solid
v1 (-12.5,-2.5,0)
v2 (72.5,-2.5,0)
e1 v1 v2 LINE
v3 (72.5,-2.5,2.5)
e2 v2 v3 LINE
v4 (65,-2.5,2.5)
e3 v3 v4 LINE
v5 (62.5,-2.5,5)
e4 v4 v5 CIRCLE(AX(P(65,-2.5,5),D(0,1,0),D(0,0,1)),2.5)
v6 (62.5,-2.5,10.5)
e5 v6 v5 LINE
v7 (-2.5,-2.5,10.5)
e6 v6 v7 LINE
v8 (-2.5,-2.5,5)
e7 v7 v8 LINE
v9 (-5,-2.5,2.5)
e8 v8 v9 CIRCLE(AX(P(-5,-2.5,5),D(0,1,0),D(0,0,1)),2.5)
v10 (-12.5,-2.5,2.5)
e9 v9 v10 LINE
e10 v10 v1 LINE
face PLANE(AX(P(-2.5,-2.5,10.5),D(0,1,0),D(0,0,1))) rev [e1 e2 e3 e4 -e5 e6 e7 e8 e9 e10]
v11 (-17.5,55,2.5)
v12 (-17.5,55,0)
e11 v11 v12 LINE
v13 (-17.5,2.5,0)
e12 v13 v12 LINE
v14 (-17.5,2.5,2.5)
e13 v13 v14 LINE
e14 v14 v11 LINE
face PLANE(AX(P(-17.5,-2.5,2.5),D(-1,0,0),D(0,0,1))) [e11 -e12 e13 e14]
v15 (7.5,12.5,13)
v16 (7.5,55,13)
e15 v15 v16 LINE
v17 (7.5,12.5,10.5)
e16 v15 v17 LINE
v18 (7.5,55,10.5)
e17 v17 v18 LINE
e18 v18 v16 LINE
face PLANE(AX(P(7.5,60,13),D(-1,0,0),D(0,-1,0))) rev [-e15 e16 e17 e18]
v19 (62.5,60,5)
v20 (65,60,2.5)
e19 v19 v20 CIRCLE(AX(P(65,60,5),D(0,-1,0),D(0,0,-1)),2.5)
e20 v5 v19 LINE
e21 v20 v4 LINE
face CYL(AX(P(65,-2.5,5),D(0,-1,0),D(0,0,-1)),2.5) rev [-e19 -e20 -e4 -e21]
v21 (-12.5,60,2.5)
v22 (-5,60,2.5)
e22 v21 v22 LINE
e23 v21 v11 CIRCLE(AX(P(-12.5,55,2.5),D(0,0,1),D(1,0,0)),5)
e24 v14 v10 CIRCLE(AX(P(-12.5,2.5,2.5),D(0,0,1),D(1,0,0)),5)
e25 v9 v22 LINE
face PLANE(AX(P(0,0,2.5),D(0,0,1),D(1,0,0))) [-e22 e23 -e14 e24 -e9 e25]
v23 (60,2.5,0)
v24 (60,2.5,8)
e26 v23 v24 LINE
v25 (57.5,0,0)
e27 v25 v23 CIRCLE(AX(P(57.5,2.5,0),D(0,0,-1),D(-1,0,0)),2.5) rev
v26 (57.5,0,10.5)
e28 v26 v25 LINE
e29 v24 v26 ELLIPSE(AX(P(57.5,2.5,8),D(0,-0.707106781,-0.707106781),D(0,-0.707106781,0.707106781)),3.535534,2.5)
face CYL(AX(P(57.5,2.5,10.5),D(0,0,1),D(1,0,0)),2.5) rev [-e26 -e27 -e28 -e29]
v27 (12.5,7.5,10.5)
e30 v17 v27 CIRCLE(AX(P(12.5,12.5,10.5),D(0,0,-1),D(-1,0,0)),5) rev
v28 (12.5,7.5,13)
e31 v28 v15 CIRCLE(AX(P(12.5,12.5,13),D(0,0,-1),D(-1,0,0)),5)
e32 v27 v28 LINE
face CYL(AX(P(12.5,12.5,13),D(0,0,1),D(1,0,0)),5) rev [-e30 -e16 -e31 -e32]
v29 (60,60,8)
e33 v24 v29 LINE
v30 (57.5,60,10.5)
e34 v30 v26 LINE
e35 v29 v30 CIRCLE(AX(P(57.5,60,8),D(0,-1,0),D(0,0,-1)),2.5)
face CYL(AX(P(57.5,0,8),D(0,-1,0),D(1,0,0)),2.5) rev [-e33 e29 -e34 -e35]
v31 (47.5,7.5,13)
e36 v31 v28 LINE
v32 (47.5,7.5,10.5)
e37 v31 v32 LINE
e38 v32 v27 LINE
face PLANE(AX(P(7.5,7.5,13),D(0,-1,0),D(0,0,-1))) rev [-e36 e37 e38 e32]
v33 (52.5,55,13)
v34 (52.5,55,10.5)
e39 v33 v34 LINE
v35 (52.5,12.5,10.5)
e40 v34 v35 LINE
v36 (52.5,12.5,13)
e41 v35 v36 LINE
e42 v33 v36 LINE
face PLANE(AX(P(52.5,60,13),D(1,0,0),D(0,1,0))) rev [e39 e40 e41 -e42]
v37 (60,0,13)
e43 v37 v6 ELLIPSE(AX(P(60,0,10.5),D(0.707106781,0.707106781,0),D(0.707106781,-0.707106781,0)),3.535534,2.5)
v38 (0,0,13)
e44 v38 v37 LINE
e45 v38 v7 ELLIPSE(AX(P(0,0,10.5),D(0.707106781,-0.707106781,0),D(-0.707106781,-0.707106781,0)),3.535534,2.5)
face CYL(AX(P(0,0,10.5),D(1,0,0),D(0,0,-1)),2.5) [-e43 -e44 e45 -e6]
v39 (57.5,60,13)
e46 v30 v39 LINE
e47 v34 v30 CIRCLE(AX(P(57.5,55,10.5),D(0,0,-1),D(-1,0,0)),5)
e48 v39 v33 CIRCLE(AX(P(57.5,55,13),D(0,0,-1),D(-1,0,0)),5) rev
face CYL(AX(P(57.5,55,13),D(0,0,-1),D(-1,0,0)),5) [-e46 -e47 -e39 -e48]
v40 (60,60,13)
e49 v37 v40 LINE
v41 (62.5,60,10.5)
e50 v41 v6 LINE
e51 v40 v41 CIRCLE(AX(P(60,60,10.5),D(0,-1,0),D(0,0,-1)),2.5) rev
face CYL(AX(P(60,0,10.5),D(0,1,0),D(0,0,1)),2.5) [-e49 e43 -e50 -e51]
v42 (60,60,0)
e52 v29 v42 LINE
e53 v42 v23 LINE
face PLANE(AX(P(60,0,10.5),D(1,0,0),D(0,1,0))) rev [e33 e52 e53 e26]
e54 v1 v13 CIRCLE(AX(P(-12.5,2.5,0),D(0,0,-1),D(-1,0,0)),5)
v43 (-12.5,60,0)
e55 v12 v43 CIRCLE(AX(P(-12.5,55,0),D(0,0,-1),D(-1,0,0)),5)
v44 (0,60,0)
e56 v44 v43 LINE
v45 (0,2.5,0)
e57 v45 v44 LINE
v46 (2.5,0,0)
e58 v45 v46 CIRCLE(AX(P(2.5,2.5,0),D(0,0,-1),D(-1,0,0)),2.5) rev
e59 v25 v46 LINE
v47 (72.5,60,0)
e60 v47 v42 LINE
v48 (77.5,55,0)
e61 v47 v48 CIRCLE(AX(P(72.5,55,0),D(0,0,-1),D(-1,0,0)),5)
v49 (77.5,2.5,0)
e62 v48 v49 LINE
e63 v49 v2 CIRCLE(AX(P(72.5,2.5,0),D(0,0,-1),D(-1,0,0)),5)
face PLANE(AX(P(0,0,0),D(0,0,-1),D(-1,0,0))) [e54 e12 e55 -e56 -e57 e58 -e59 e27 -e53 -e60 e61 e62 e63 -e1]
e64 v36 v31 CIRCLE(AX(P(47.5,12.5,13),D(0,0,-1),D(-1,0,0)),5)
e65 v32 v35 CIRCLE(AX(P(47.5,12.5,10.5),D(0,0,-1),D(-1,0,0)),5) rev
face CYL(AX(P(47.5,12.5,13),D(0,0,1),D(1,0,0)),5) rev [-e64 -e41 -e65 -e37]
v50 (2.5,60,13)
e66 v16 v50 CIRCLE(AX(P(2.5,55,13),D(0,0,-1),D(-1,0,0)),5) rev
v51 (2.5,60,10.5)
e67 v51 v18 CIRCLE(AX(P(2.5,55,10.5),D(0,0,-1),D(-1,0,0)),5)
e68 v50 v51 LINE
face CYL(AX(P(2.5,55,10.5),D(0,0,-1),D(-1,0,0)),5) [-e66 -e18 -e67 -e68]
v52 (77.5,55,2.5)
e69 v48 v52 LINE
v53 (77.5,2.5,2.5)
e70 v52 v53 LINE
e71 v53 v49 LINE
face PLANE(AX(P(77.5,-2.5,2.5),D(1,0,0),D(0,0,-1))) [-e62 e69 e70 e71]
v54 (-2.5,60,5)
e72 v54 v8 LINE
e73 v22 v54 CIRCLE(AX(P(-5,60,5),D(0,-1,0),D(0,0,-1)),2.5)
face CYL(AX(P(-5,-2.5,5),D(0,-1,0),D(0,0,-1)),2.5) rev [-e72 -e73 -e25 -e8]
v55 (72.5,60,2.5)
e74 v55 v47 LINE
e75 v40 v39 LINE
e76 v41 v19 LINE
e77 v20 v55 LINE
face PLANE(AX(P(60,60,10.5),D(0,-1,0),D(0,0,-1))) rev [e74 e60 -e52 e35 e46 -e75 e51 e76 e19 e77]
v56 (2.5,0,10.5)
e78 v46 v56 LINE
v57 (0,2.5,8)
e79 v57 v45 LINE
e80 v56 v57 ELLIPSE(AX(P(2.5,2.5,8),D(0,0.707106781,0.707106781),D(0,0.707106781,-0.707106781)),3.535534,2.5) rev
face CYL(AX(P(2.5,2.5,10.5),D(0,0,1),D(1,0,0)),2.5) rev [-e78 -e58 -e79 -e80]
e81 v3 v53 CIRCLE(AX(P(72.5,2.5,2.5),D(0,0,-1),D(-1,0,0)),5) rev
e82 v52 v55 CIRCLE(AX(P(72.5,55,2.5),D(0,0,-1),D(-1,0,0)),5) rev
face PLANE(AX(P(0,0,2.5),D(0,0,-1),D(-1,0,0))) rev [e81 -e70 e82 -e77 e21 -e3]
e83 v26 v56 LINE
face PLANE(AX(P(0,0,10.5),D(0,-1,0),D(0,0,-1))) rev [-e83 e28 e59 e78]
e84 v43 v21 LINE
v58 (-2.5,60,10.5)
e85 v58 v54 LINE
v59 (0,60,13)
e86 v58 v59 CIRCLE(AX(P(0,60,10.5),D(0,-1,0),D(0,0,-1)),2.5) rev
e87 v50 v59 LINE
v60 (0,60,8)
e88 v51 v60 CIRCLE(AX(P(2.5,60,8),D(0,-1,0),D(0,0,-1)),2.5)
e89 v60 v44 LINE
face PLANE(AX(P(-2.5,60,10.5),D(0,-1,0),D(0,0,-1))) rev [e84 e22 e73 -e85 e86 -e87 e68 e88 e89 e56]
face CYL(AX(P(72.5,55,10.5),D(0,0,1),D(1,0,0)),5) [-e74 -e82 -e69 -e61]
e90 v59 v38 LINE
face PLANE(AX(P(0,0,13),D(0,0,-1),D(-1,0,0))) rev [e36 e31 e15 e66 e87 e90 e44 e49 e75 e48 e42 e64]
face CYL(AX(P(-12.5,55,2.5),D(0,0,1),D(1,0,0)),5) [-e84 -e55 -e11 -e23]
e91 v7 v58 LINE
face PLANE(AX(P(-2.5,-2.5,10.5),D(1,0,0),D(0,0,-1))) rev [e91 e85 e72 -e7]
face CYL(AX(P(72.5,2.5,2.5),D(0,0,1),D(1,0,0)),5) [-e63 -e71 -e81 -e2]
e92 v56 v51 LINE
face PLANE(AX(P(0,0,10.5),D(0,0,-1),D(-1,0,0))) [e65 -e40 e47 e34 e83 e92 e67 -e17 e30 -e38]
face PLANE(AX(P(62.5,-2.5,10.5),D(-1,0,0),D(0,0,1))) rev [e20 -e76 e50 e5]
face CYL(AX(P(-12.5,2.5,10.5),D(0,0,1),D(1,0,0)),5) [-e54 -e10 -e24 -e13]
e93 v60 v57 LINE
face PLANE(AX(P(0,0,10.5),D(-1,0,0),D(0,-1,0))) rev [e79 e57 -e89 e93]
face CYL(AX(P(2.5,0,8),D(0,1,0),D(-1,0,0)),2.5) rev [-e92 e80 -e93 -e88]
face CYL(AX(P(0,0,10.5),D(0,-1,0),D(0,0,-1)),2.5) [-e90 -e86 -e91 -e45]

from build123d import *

# Parameters (mm, degrees)
BOSS_EXTRUDE1_DEPTH = 10.5
BOSS_EXTRUDE2_DEPTH = 2.5
SKETCH3_W           = 15
SKETCH3_H           = 62.5
BOSS_EXTRUDE3_DEPTH = 2.5
FILLET1_R           = 2.5
FILLET2_R           = 5


with BuildPart() as part:
    # Sketch1 → Boss-Extrude1 (new body)
    with BuildSketch(Plane.XY):
        Polygon((60, 60), (62.5, 60), (62.5, -2.5), (-2.5, -2.5), (-2.5, 60), (0, 60), (0, 0), (60, 0), align=None)
    extrude(amount=BOSS_EXTRUDE1_DEPTH)

    # Sketch2 → Boss-Extrude2 (add)
    with BuildSketch(Plane.XY.offset(10.5)):
        Polygon((52.5, 60), (62.5, 60), (62.5, -2.5), (-2.5, -2.5), (-2.5, 60), (7.5, 60), (7.5, 7.5), (52.5, 7.5), align=None)
    extrude(amount=BOSS_EXTRUDE2_DEPTH)

    # Sketch3 → Boss-Extrude3 (add)
    with BuildSketch(Plane(origin=(0, 0, 0), x_dir=(-1, 0, 0), z_dir=(0, 0, -1))):
        with Locations((-70, 28.75)):
            Rectangle(SKETCH3_W, SKETCH3_H)
        with Locations((10, 28.75)):
            Rectangle(SKETCH3_W, SKETCH3_H)
    extrude(amount=-BOSS_EXTRUDE3_DEPTH)

    # Fillet1
    fillet1_edges = [part.edges().sort_by_distance(p)[0] for p in [
        (0, 0, 5.25),
        (60, 0, 5.25),
        (60, 30, 10.5),
        (-2.5, 28.75, 13),
        (30, -2.5, 13),
        (62.5, 28.75, 13),
        (0, 30, 10.5),
        (62.5, 28.75, 2.5),
        (-2.5, 28.75, 2.5),
    ]]
    fillet(fillet1_edges, radius=FILLET1_R)

    # Fillet2
    fillet2_edges = [part.edges().sort_by_distance(p)[0] for p in [
        (7.5, 7.5, 11.75),
        (52.5, 7.5, 11.75),
        (-17.5, 60, 1.25),
        (-17.5, -2.5, 1.25),
        (77.5, -2.5, 1.25),
        (77.5, 60, 1.25),
        (52.5, 60, 11.75),
        (7.5, 60, 11.75),
    ]]
    fillet(fillet2_edges, radius=FILLET2_R)


solid = part.part
